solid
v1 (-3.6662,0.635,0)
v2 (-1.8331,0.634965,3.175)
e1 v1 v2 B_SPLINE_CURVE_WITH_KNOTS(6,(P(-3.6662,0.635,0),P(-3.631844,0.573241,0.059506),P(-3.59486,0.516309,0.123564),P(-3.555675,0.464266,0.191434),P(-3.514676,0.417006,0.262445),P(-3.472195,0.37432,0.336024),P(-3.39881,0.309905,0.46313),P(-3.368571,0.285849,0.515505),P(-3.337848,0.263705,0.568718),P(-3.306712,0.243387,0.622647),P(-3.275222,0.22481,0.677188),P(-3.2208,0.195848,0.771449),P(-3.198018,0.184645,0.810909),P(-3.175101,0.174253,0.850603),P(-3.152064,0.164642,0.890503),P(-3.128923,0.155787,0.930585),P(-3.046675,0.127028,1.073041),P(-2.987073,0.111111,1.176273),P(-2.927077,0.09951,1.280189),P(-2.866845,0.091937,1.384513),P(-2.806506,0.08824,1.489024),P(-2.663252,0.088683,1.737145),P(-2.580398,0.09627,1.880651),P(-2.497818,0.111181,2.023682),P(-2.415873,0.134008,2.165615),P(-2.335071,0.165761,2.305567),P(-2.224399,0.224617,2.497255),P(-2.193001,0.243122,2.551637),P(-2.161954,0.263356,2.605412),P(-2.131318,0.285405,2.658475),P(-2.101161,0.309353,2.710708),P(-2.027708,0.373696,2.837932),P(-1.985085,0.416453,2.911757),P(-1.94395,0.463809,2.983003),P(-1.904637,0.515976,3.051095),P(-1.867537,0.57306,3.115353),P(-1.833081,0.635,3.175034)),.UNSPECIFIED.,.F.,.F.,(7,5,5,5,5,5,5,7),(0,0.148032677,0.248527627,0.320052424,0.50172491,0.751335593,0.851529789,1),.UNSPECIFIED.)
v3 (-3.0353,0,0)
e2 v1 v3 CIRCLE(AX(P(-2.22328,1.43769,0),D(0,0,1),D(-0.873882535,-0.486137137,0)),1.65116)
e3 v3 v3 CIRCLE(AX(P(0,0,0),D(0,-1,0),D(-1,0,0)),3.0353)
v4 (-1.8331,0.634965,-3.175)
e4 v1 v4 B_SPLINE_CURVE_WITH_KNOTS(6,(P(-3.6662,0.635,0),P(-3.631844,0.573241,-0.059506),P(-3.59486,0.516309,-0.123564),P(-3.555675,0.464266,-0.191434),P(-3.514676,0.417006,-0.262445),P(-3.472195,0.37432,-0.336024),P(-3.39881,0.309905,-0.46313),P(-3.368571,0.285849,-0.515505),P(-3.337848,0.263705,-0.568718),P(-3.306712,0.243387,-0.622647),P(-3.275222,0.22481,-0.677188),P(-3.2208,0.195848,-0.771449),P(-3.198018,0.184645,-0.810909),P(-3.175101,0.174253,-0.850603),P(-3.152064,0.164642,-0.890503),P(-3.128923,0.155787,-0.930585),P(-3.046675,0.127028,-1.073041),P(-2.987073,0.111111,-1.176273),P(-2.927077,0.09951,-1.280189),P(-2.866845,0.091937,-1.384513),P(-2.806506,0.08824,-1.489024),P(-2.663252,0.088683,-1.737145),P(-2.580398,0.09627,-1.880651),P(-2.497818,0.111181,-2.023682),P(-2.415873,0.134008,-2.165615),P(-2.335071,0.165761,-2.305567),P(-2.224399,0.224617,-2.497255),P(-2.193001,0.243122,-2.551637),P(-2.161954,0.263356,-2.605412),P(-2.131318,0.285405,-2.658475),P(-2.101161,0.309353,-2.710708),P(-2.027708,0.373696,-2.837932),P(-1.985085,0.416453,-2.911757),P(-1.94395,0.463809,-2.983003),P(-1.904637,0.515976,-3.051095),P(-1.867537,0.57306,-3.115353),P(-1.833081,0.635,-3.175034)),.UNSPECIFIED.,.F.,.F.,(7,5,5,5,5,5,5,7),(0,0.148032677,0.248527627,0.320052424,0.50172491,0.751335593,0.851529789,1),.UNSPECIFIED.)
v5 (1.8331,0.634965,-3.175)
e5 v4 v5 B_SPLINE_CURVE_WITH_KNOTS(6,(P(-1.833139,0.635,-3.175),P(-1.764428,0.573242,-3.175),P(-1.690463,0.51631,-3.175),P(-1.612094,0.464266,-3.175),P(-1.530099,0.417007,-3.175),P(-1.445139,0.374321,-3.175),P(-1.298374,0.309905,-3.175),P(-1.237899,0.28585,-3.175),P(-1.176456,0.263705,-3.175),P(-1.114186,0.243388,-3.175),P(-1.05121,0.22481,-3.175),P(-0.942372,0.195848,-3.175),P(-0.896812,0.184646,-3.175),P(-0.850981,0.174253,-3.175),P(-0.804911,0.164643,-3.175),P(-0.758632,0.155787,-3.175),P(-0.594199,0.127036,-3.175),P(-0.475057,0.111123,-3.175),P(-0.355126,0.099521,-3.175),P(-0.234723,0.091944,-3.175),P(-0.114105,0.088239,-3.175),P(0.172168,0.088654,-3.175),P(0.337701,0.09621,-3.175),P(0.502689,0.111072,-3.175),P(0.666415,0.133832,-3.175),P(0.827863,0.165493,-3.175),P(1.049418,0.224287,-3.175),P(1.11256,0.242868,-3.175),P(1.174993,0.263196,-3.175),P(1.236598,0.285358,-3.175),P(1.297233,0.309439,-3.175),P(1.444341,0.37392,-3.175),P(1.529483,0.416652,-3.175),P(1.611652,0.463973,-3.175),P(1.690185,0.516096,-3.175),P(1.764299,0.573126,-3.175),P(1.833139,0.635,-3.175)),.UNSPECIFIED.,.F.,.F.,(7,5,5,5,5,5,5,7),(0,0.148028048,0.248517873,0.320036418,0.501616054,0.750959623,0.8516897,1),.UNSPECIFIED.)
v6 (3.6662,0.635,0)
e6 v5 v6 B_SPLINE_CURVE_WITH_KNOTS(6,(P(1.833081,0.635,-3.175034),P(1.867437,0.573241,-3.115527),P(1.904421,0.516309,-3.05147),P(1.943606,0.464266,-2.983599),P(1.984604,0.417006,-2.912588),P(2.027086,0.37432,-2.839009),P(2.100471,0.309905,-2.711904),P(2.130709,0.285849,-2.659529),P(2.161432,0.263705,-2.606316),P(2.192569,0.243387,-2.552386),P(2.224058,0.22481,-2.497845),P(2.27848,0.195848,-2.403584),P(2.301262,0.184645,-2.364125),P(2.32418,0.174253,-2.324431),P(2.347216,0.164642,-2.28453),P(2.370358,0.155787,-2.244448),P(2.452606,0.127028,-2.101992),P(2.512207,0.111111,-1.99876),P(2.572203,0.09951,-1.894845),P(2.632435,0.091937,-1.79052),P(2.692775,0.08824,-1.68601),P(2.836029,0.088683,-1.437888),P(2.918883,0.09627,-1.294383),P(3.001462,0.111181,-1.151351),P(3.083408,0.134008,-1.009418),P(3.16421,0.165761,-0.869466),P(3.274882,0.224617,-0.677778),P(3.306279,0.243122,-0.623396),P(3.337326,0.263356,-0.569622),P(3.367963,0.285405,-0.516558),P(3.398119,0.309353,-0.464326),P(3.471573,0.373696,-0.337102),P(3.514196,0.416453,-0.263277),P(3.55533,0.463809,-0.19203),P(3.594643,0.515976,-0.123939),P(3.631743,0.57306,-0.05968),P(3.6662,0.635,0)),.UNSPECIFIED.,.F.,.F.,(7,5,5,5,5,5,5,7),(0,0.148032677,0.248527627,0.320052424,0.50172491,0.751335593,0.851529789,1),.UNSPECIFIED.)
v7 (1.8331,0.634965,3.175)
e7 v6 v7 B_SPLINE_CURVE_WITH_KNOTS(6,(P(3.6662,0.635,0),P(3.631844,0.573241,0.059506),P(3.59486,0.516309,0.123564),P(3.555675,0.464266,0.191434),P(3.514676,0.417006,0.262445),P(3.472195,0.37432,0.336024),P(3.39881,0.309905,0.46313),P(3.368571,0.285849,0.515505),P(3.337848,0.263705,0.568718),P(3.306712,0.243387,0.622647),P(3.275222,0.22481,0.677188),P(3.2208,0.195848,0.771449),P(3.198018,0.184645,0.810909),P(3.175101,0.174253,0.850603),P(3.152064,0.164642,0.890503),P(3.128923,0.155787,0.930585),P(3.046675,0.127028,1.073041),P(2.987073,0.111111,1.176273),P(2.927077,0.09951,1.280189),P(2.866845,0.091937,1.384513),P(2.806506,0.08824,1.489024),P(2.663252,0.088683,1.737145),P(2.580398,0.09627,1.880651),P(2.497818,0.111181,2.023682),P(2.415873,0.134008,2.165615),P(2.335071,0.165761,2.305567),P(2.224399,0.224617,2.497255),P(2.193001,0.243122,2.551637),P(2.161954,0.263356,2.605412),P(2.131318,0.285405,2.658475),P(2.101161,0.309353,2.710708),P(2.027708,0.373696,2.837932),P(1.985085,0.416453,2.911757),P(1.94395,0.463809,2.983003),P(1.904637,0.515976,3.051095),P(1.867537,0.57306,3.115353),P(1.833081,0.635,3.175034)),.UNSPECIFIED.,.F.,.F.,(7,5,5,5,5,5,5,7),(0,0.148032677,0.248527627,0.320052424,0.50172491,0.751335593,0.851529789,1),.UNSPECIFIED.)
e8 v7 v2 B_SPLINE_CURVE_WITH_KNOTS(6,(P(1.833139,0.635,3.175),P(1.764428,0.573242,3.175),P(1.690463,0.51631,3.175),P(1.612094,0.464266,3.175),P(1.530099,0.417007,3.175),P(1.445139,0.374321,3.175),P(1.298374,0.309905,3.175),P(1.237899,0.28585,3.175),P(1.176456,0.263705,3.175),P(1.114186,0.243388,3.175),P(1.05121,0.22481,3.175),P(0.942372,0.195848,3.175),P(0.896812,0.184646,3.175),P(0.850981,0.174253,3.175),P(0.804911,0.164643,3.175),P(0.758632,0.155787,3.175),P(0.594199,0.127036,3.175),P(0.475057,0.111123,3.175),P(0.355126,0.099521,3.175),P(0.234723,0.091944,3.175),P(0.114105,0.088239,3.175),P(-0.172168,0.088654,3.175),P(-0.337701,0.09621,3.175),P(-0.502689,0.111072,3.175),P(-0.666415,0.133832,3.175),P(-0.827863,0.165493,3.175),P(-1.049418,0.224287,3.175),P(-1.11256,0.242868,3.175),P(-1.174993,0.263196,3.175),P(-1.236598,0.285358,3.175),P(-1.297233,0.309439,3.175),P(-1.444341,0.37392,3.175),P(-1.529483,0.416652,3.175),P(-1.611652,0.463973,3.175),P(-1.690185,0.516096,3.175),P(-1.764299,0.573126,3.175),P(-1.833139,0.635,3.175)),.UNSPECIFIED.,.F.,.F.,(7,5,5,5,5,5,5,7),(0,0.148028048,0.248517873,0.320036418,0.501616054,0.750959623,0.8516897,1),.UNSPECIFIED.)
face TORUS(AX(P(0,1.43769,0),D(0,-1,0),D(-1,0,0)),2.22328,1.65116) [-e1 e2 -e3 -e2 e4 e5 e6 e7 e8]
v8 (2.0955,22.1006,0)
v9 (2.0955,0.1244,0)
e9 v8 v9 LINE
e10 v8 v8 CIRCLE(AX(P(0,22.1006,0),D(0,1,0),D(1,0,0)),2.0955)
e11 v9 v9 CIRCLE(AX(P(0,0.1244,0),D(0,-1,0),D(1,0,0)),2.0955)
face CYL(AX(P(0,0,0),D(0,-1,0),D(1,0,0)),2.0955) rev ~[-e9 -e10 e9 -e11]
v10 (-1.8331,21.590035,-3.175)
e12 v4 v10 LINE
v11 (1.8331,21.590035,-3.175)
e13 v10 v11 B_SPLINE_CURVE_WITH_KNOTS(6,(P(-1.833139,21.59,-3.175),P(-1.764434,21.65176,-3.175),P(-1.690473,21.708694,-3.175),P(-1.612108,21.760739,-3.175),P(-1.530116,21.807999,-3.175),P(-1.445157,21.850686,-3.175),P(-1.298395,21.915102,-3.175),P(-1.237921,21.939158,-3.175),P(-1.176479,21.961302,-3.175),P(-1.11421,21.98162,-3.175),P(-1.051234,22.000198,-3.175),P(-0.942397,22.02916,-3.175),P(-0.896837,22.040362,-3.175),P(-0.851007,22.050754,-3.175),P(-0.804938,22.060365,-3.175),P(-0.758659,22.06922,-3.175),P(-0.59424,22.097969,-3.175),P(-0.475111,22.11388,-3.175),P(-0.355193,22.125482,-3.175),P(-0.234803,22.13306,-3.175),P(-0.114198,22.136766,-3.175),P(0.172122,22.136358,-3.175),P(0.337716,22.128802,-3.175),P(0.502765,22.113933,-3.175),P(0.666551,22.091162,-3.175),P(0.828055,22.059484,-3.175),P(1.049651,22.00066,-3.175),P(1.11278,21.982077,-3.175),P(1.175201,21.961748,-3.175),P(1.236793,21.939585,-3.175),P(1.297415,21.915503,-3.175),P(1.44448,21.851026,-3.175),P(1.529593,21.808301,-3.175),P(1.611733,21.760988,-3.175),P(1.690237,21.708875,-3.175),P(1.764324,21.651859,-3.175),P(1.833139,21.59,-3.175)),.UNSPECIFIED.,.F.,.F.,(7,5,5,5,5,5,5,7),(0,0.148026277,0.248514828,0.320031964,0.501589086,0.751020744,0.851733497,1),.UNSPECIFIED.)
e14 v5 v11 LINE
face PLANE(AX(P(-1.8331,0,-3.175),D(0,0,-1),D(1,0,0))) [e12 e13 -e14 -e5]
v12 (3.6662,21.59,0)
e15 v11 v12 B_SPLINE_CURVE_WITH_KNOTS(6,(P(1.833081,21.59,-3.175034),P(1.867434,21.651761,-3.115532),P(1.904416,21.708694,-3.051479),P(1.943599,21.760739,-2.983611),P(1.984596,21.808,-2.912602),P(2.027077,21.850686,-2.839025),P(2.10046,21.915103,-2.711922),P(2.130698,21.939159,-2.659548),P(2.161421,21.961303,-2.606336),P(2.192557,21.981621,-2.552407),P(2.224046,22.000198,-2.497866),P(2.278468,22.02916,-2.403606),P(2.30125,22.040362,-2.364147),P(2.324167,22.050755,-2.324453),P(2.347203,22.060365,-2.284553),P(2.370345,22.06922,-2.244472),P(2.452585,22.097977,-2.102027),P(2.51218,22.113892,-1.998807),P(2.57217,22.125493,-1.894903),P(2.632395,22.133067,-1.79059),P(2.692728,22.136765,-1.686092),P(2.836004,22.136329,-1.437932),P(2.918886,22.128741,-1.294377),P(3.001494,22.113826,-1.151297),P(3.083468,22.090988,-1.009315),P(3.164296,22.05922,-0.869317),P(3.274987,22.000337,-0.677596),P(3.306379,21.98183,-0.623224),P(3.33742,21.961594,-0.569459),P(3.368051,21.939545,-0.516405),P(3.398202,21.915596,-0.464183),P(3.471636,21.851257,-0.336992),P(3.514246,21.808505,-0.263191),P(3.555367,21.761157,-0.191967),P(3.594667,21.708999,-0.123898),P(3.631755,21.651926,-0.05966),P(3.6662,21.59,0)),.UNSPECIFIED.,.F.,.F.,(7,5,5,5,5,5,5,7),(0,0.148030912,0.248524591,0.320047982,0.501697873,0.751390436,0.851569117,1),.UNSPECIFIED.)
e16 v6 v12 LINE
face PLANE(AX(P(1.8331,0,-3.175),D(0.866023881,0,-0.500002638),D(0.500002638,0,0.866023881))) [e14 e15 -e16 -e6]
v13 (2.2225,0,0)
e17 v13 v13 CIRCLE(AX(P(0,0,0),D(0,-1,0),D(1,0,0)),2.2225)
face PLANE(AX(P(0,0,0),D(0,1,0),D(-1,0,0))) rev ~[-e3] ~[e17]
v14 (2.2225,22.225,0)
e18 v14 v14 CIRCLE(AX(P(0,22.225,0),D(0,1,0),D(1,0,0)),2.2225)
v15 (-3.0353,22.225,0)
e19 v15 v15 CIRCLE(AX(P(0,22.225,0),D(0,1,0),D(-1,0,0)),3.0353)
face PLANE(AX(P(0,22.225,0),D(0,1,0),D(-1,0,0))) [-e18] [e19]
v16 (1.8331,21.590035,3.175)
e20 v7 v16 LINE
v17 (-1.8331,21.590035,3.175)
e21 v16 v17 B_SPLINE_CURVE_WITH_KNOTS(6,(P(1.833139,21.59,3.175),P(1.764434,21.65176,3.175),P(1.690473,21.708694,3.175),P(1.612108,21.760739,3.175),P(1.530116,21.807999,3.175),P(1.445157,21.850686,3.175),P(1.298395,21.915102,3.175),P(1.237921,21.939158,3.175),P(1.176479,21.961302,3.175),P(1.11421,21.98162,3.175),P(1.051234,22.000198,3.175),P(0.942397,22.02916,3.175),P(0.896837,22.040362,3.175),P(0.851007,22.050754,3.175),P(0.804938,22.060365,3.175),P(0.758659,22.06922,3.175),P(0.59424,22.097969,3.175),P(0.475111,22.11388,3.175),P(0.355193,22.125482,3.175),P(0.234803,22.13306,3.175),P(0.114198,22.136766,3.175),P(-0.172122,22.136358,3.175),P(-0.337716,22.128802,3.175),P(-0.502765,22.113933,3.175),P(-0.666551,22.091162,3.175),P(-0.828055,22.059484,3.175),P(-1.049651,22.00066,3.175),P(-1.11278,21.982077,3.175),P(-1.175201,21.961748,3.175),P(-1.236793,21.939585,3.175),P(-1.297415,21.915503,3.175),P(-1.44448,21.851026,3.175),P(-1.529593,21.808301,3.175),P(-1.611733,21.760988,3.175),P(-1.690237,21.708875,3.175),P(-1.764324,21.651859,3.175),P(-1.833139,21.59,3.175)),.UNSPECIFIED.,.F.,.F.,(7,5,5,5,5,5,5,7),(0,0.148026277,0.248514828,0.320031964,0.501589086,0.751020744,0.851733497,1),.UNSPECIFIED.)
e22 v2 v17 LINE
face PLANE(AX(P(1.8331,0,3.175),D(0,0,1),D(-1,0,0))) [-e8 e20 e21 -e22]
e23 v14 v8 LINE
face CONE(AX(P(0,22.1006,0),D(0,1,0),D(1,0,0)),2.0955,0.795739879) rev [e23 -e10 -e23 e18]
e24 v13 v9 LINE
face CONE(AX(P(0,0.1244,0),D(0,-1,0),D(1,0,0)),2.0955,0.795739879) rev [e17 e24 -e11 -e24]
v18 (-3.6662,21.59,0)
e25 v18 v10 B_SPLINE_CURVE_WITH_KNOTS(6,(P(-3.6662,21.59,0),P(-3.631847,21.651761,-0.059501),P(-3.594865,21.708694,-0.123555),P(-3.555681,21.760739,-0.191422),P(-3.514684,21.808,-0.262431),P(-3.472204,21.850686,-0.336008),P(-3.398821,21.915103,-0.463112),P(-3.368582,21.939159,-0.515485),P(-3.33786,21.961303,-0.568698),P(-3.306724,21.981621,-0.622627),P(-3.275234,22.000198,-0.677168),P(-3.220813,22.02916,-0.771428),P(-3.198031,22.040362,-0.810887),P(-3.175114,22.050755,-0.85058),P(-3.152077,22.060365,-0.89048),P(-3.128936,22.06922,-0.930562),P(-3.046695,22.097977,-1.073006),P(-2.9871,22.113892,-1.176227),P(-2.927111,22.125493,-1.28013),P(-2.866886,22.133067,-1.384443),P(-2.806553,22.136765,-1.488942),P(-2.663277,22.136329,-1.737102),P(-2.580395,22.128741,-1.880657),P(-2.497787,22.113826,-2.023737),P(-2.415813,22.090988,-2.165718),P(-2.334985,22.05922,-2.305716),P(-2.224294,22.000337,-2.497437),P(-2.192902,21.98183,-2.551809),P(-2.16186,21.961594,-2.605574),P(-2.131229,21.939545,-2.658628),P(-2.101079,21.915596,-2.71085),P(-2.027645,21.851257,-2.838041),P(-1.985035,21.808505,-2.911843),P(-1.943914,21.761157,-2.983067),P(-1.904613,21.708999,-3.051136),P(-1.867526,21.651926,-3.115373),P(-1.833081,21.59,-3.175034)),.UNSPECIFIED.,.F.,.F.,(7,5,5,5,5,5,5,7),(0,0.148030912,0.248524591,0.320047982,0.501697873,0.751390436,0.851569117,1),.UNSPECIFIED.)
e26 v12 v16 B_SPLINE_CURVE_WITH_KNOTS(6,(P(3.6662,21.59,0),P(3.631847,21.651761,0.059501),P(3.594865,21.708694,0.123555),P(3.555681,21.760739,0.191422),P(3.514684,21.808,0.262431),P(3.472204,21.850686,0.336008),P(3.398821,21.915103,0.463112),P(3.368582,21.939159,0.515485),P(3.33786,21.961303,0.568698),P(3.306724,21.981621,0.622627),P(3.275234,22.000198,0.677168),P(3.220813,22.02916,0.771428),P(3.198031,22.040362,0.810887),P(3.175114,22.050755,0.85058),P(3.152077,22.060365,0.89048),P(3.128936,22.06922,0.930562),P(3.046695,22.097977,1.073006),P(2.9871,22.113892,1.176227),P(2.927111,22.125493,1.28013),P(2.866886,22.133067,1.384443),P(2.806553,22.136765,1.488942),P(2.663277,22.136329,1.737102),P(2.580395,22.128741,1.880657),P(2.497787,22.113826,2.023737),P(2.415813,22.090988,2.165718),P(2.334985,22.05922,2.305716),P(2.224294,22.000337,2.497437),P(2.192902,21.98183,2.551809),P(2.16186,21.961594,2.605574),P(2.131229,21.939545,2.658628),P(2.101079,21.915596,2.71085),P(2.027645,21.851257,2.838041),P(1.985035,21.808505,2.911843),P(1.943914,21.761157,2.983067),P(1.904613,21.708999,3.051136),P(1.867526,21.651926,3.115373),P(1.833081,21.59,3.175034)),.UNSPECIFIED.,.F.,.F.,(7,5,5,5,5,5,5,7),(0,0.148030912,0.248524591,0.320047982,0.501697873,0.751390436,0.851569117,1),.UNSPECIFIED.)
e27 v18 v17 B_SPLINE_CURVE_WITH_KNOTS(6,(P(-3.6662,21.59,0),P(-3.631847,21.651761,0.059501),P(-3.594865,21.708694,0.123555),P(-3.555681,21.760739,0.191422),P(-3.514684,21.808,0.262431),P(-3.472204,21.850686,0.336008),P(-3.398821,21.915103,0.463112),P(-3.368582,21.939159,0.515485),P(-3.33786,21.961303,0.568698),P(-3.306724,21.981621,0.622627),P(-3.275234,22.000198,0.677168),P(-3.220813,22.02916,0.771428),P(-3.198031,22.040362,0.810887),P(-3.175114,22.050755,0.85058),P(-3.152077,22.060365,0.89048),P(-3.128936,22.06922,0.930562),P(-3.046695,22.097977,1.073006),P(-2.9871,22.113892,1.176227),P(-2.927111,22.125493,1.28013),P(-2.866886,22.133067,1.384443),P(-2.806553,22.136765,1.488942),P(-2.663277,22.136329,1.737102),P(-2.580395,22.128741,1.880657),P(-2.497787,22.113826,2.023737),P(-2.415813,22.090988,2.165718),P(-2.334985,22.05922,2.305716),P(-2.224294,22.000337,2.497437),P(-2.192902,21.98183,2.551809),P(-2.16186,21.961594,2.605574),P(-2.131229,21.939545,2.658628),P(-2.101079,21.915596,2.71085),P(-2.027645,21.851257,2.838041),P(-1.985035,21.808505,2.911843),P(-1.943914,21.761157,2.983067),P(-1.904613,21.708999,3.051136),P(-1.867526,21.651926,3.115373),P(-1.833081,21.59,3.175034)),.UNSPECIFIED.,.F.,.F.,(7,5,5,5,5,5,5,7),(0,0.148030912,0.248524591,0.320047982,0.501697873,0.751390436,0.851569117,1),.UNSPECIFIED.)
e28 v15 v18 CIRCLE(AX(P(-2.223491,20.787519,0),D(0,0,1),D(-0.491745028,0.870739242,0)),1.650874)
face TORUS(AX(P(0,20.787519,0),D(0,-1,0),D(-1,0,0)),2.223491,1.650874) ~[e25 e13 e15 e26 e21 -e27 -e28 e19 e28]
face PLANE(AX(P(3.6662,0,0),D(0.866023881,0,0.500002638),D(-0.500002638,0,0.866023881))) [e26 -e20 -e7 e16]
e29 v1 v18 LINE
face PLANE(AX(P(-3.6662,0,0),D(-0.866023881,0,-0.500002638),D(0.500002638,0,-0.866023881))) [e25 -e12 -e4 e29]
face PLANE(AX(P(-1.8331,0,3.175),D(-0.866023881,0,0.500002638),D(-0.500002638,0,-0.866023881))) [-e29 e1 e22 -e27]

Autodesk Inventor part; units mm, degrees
ref_plane "YZ Plane" through (0, 0, 0) normal (1, 0, 0) x (0, 1, 0)
ref_plane "XZ Plane" through (0, 0, 0) normal (0, 1, 0) x (-1, 0, 0)
ref_plane "XY Plane" through (0, 0, 0) normal (0, 0, 1) x (1, 0, 0)
sketch "Sketch1" plane through (0, 0, 0) normal (0, 1, 0) x (-1, 0, 0)
  line L0 (-1.8331, -3.175) -> (-3.6662, 0)
  line L1 (-3.6662, 0) -> (-1.8331, 3.175)
  line L2 (-1.8331, 3.175) -> (1.8331, 3.175)
  line L3 (1.8331, 3.175) -> (3.6662, 0)
  line L4 (3.6662, 0) -> (1.8331, -3.175)
  line L5 (1.8331, -3.175) -> (-1.8331, -3.175)
  point P0 (0, 0)
  point P1 (0, 0)
  dimension "d0" = 6.35
extrude "Body" add sketch "Sketch1" along normal blind 22.225
sketch "Sketch2" plane through (0, 22.225, 0) normal (0, 1, 0) x (1, 0, 0)
  circle A0 centre (0, 0) radius 2.0955
  dimension "d3" = 4.191
extrude "Hole 2" cut sketch "Sketch2" against normal blind 12.7
sketch "Sketch3" plane through (0, 0, 0) normal (0, -1, 0) x (1, 0, 0)
  circle A0 centre (0, 0) radius 2.0955
  dimension "d6" = 4.191
extrude "Hole 1" cut sketch "Sketch3" against normal blind 12.7
chamfer "Hole 2 Chamfer 1" distance 0.127 distance2 0.1244 1 edges at (-2.0955, 22.225, 0) measured on face at (0.0842, 22.225, 2.8101)
chamfer "Hole 1 Chamfer 1" distance 0.127 distance2 0.1244 1 edges at (-2.0955, 0, 0) measured on face at (-0.0842, 0, 2.8101)
sketch "Sketch4" plane through (0, 0, 0) normal (0, 0, 1) x (1, 0, 0)
  line L0 (1.8331, 22.225) -> (-1.8331, 22.225) projected
  line L1 (0, 22.225) -> (-3.0353, 22.225)
  line L2 (-3.6662, 22.225) -> (-1.8331, 22.225) projected
  line L3 (-3.6662, 0) -> (-3.6662, 22.225) projected
  arc A0 (-3.0353, 22.225) -> (-3.6662, 21.59) centre (-2.2234, 20.7874) ccw
  line L4 (-3.6662, 21.59) -> (-6.3588, 24.1897)
  line L5 (-6.3588, 24.1897) -> (0, 22.225)
  line L6 (0, 22.225) -> (0, 75.889)
  point P0 (0, 0)
  dimension "d15" = 3.0353
  dimension "d16" = 1.651
  dimension "d17" = 0.635
revolve "Hole 2 Chamfer 2" cut sketch "Sketch4" angle 360 about axis through (0, 22.225, 0) along (0, 1, 0)
sketch "Sketch5" plane through (0, 0, 0) normal (0, 0, 1) x (1, 0, 0)
  line L0 (0, 0) -> (-3.0353, 0)
  line L1 (1.8331, 0) -> (-1.8331, 0) projected
  line L2 (-3.6662, 0) -> (-3.6662, 22.225) projected
  arc A0 (-3.6662, 0.635) -> (-3.0353, 0) centre (-2.2234, 1.4376) ccw
  line L3 (0, 0) -> (0, -2.1986)
  line L4 (-3.6662, 0.635) -> (-4.1154, -0.8715)
  line L5 (-4.1154, -0.8715) -> (0, 0)
  point P0 (-3.6662, 21.59)
  dimension "d19" = 3.0353
  dimension "d20" = 1.651
  dimension "d21" = 0.635
revolve "Hole 1 Chamfer 2" cut sketch "Sketch5" angle 360 about axis through (0, 0, 0) along (0, -1, 0)
chamfer "Hole 2 Chamfer 1 For Short" [suppressed]
sketch "Sketch7" plane through (0, 0, 0) normal (0, 0, 1) x (1, 0, 0)
  line L0 (0, 22.2254) -> (3.0353, 22.225)
  line L1 (3.6662, 22.225) -> (1.8331, 22.225) projected
  line L2 (3.6662, 0.635) -> (3.6662, 22.225) projected
  arc A0 (3.6662, 21.59) -> (3.0353, 22.225) centre (2.2234, 20.7874) ccw
  line L3 (3.6662, 21.59) -> (4.2663, 23.1282)
  line L4 (4.2663, 23.1282) -> (0, 22.2254)
  line L5 (0, 24.0311) -> (0, 22.2254)
  line L6 (1.8331, 22.225) -> (-1.8331, 22.225) projected
  point P0 (0, 0)
  point P1 (0, 22.225)
  dimension "d33" = 3.0353
  dimension "d34" = 1.651
  dimension "d35" = 0.635
revolve "Hole 2 Chamfer 2 For Short" [suppressed]
properties part number "Standoff .5" material "VEX Aluminum Alloy 5052-H32"
